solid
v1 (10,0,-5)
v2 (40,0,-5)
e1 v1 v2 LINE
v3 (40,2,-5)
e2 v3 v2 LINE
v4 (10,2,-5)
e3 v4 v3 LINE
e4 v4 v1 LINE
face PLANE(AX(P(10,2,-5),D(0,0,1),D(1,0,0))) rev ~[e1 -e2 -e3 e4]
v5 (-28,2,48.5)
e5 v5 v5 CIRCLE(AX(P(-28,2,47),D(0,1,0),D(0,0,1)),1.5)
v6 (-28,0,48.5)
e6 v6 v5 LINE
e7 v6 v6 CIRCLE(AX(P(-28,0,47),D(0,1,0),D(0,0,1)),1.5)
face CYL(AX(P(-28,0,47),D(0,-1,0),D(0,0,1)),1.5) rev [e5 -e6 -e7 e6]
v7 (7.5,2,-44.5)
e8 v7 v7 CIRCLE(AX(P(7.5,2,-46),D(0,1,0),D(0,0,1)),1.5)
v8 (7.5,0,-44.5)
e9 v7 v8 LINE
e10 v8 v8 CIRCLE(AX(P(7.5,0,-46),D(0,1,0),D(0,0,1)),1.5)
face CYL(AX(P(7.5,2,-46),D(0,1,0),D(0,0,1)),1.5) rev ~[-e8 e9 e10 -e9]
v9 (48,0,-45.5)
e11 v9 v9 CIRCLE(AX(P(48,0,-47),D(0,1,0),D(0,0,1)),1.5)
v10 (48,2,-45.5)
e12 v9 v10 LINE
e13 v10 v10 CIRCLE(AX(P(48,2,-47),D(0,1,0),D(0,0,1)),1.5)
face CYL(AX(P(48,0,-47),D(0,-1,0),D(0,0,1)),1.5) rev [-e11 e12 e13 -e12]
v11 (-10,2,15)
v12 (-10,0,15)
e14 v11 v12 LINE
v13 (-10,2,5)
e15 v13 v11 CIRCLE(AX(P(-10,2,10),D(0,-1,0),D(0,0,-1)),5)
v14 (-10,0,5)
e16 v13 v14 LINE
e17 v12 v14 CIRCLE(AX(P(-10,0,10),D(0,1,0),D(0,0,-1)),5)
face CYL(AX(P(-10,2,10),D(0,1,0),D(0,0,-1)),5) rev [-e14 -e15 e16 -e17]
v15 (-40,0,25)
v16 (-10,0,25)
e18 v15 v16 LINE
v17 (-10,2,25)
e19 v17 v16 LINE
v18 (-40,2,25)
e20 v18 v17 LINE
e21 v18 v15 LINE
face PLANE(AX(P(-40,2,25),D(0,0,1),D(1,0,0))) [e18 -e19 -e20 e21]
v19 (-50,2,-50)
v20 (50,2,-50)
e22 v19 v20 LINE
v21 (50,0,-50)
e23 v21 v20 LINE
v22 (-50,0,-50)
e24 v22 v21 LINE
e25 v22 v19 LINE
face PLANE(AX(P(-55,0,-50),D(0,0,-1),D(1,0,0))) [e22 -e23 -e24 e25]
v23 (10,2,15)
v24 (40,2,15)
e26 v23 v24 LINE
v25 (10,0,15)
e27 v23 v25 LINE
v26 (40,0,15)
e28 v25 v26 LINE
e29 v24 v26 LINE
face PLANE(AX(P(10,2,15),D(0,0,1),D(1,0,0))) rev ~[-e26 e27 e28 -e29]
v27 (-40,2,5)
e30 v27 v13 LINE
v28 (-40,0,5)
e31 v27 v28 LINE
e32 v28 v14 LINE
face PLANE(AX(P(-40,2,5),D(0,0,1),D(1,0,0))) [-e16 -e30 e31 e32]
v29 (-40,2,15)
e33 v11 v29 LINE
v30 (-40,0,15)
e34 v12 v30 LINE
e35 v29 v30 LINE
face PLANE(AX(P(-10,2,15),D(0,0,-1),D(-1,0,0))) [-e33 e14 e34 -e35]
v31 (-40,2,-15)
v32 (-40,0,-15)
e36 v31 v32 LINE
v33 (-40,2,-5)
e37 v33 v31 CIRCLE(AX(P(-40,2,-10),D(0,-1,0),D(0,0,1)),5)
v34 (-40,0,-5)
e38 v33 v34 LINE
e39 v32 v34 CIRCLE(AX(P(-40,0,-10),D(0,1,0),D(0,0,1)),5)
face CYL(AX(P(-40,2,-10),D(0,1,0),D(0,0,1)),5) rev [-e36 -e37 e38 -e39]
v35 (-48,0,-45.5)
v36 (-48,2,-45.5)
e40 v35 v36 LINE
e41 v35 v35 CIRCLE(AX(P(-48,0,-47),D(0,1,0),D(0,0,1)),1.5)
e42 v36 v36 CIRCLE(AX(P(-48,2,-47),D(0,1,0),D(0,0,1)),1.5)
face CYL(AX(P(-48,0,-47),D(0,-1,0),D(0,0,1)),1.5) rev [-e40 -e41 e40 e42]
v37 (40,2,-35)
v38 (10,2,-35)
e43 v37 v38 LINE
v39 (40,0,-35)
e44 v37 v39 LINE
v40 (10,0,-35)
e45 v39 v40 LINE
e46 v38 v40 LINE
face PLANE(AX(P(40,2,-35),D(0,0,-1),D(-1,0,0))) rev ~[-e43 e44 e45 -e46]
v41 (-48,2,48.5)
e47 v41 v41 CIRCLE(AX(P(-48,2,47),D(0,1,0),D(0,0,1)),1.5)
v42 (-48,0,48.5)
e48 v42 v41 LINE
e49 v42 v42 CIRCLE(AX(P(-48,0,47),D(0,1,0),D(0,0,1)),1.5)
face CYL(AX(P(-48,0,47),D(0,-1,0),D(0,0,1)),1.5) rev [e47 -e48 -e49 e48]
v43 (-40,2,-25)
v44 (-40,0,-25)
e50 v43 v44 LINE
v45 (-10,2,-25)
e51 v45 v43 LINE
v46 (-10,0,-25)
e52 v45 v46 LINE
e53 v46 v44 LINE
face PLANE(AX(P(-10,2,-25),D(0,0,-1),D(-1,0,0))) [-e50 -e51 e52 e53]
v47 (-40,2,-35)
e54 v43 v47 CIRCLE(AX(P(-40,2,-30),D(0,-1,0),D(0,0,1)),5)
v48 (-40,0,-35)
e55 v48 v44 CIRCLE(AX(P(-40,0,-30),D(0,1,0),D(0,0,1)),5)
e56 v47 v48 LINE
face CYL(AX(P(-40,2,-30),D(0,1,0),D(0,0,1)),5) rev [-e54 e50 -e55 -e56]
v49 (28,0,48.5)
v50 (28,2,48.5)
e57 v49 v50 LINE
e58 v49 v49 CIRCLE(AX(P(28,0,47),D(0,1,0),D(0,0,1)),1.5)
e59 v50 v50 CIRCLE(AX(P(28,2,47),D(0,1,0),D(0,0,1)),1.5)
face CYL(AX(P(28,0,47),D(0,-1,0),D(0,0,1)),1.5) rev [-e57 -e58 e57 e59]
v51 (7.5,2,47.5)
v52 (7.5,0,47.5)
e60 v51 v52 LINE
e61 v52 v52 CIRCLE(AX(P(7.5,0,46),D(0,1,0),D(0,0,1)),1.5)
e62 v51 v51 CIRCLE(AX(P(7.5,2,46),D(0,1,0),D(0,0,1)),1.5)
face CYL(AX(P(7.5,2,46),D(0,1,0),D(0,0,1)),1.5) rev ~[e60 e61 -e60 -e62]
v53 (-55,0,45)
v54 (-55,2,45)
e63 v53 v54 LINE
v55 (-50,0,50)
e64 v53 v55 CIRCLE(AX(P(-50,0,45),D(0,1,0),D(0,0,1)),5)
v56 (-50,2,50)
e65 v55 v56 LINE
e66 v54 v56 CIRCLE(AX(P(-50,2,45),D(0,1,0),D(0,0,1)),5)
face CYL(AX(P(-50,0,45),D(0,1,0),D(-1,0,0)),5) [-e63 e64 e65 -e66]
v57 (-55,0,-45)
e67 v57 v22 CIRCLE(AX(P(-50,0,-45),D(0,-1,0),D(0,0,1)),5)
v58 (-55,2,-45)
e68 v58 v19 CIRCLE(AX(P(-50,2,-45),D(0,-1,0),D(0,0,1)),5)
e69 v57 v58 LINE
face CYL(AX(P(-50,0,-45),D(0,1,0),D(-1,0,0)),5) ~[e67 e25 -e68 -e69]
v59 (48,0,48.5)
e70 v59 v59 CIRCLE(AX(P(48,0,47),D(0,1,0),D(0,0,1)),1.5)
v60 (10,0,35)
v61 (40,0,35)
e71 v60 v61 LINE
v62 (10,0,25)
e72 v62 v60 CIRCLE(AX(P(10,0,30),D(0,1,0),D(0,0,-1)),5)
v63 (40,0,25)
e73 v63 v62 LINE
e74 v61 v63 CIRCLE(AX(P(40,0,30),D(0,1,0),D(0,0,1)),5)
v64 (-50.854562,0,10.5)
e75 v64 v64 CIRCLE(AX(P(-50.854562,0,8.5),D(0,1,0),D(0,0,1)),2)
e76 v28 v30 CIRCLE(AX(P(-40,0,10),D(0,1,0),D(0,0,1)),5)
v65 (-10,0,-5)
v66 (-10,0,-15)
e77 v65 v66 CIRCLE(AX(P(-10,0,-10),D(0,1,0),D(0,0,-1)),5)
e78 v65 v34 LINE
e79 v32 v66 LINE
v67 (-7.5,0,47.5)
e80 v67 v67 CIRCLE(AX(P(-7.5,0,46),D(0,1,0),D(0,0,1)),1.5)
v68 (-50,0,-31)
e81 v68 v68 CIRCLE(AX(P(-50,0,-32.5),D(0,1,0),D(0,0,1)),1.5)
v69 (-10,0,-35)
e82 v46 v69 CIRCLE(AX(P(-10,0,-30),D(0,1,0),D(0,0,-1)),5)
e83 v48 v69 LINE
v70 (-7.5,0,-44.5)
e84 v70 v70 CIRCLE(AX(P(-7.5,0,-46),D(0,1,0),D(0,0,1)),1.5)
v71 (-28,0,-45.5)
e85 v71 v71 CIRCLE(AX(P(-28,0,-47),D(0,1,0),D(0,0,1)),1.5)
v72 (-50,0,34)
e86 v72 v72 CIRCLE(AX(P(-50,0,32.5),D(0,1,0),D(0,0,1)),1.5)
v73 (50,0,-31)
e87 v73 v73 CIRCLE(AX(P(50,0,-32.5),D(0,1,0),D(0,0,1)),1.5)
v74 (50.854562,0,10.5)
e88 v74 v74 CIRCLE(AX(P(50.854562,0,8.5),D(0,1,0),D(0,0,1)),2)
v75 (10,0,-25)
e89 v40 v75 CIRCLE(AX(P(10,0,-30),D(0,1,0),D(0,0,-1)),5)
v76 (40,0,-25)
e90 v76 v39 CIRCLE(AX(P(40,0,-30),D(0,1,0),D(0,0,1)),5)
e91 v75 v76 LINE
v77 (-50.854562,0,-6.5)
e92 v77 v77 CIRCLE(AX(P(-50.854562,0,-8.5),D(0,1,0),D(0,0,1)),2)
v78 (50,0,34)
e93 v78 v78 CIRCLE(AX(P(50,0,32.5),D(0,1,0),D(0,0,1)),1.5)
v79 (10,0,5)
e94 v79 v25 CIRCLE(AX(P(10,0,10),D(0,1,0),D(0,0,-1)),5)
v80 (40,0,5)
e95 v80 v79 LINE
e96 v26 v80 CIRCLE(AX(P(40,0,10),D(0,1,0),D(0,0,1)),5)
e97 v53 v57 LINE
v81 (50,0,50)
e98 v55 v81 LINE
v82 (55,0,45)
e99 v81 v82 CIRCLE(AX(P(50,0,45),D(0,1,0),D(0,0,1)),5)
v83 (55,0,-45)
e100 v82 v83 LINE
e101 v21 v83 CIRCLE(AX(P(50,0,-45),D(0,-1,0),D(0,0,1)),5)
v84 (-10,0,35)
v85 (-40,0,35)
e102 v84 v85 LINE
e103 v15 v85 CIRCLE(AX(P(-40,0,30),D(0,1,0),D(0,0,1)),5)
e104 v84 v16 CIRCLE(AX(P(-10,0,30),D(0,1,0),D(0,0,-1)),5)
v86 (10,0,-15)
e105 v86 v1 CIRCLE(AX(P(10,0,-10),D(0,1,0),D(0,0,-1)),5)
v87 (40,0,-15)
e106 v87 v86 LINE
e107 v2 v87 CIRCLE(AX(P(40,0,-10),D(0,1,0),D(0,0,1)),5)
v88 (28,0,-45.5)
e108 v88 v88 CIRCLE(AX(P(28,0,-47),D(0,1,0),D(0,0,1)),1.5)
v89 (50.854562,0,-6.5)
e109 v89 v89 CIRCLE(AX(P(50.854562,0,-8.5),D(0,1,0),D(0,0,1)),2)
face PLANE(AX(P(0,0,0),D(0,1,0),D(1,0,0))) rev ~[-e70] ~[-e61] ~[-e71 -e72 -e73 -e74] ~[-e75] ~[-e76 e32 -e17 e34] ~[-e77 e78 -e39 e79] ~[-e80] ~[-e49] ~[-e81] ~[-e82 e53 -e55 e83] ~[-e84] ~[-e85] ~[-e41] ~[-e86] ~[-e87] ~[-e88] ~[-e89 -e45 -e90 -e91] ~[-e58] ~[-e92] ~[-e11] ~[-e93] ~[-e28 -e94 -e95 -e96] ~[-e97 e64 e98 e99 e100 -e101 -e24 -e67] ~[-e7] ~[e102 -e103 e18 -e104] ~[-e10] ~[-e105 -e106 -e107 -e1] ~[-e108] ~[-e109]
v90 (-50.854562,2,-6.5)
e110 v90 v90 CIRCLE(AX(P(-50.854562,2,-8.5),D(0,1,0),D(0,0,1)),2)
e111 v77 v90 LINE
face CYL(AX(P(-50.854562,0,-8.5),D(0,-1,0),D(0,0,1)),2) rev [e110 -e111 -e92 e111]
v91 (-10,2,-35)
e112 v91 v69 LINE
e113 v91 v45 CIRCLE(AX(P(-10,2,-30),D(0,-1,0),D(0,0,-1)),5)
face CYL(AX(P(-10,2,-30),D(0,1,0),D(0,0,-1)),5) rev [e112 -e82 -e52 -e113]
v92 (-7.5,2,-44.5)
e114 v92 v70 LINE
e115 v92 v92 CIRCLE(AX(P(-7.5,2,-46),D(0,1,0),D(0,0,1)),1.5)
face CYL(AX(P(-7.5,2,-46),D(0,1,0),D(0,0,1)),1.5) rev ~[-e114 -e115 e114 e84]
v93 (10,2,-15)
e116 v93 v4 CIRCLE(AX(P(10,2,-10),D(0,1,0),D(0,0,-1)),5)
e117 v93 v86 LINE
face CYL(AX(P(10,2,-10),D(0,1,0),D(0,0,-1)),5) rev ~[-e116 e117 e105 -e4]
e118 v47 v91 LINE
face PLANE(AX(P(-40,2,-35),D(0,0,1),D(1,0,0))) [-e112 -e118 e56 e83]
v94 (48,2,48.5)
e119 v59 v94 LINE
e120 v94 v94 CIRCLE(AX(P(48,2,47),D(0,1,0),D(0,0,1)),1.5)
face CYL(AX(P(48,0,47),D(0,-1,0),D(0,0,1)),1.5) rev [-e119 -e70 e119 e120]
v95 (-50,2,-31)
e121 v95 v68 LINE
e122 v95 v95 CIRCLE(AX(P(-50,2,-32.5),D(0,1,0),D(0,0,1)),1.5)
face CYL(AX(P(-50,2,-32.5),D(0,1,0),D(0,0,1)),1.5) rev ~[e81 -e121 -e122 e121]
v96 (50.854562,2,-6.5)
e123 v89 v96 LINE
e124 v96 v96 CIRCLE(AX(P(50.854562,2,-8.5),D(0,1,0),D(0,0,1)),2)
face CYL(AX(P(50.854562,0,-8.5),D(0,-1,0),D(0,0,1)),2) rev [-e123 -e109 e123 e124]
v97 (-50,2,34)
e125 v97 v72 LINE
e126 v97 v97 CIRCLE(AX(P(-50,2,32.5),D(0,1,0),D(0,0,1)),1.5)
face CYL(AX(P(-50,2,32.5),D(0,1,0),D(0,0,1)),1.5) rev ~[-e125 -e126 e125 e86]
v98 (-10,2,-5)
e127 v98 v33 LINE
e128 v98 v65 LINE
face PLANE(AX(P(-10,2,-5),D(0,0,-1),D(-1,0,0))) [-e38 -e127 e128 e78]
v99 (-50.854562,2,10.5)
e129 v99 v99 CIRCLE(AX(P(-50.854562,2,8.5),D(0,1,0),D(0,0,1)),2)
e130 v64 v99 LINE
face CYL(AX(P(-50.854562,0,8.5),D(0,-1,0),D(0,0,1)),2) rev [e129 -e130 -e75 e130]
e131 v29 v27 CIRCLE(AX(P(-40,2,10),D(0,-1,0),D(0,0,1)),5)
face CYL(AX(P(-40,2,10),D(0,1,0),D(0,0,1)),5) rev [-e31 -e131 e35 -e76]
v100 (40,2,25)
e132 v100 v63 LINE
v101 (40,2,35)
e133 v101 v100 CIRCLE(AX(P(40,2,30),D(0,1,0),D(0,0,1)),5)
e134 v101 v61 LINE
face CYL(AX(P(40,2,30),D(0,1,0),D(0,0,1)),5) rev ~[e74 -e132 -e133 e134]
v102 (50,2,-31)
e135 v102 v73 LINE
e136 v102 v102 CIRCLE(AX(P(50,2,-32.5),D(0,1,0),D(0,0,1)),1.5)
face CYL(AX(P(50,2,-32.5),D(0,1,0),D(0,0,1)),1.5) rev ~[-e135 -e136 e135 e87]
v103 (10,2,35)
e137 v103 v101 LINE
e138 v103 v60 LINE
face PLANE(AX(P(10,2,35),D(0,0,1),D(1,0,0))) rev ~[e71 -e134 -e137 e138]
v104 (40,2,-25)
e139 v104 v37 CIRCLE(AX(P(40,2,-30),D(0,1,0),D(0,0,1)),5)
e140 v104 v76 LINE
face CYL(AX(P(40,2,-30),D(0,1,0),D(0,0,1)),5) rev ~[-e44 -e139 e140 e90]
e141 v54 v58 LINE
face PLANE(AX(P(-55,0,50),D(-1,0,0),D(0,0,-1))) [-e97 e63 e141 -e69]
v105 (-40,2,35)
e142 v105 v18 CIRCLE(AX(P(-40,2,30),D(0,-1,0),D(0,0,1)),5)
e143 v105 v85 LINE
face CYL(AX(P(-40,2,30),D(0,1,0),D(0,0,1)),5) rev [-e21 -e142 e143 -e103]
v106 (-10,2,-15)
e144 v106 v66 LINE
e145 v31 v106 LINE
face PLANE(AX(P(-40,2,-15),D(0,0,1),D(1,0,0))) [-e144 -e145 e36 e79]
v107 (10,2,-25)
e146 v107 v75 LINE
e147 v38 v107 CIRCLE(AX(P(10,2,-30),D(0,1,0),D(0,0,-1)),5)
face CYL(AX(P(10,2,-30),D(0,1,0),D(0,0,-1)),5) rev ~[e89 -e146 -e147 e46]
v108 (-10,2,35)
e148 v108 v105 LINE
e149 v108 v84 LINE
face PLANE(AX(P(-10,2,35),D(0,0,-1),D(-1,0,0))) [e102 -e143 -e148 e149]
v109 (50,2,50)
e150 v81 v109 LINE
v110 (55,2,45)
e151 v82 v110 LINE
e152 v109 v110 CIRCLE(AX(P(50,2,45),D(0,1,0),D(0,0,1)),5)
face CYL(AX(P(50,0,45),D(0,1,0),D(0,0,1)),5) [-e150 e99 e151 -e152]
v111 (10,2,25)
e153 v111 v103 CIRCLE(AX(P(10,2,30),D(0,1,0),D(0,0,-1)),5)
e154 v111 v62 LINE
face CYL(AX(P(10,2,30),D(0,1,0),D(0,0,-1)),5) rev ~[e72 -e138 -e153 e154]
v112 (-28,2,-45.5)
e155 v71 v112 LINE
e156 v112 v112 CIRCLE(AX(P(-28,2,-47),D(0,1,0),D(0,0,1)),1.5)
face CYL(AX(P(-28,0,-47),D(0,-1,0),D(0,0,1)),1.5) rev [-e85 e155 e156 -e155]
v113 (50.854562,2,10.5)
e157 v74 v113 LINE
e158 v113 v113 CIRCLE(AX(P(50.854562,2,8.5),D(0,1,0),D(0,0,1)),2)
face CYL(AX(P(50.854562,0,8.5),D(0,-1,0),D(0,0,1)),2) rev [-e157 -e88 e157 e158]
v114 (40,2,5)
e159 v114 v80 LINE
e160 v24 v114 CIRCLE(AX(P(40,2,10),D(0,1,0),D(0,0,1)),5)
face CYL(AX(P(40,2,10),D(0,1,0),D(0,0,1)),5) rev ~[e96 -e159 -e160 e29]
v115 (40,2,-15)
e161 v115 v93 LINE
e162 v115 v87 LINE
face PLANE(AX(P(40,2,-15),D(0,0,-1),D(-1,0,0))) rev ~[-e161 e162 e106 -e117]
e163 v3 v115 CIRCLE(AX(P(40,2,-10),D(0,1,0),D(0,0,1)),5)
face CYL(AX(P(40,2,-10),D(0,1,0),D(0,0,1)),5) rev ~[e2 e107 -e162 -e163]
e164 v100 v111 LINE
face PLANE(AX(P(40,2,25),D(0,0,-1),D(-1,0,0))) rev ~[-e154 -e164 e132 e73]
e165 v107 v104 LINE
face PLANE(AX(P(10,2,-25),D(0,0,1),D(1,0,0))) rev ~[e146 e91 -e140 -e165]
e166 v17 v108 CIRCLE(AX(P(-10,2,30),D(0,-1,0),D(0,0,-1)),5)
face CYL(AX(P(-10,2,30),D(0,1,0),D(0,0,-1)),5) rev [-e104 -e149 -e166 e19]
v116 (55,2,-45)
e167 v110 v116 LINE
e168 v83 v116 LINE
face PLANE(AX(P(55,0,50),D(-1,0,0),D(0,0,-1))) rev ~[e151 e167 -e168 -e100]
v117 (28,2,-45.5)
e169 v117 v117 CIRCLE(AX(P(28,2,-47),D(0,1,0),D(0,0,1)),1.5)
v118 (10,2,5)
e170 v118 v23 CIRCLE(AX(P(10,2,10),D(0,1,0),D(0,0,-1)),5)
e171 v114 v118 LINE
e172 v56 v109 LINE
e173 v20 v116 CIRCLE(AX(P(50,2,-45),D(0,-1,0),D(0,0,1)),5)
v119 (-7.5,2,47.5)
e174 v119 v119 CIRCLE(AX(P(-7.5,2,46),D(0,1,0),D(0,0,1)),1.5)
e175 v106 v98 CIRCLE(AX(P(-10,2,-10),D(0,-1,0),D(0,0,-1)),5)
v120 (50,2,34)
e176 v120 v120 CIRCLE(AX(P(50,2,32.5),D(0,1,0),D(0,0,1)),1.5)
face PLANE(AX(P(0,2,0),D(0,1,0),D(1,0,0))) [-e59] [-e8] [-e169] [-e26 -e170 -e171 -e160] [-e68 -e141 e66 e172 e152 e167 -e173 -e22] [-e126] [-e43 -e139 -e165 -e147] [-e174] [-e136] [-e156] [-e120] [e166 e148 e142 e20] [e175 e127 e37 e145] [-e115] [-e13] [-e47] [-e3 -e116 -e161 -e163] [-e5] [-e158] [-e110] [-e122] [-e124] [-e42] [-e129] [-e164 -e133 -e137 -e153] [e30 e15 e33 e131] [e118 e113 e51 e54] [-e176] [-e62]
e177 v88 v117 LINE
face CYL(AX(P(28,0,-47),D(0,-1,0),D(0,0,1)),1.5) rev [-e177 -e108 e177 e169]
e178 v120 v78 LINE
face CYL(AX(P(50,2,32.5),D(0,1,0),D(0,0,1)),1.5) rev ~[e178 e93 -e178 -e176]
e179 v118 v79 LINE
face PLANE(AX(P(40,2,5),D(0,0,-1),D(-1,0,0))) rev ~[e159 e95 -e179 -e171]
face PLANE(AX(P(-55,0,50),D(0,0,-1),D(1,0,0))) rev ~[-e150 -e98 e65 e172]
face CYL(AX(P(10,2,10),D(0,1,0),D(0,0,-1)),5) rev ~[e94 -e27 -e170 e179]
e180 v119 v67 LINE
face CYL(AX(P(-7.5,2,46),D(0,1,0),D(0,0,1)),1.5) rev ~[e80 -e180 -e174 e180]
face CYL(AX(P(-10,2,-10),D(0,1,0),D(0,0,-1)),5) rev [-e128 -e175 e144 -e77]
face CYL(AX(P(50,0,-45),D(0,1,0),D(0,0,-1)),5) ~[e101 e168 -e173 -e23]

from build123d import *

# Parameters (mm, degrees)
SKETCH_1_W             = 110
SKETCH_1_H             = 100
SKETCH_1_R             = 1.5
SKETCH_1_R_2           = 2
EXTRUDE_1_DEPTH        = 2
FILLET_1_R             = 5
CUT_EXTRUDE_1903_DEPTH = 10
SKETCH_3_R             = 1.5
CUT_EXTRUDE_2113_DEPTH = 10
SKETCH_4_R             = 1.5
CUT_EXTRUDE_2323_DEPTH = 10


with BuildPart() as part:
    # 草图1 → 凸台-拉伸1 (new body)
    with BuildSketch(Plane(origin=(0, 0, 0), x_dir=(1, 0, 0), z_dir=(0, 1, 0))):
        Rectangle(SKETCH_1_W, SKETCH_1_H)
        with Locations(Location((-48, -47, 0), (0, 0, 270))):
            Circle(SKETCH_1_R, mode=Mode.SUBTRACT)
        with Locations(Location((-28, -47, 0), (0, 0, 270))):
            Circle(SKETCH_1_R, mode=Mode.SUBTRACT)
        with Locations(Location((-50.854561817, 8.5, 0), (0, 0, 270))):
            Circle(SKETCH_1_R_2, mode=Mode.SUBTRACT)
        with Locations(Location((-50.854561817, -8.5, 0), (0, 0, 270))):
            Circle(SKETCH_1_R_2, mode=Mode.SUBTRACT)
        with Locations(Location((-28, 47, 0), (0, 0, 270))):
            Circle(SKETCH_1_R, mode=Mode.SUBTRACT)
        with Locations(Location((-48, 47, 0), (0, 0, 270))):
            Circle(SKETCH_1_R, mode=Mode.SUBTRACT)
        with Locations(Location((28, -47, 0), (0, 0, 270))):
            Circle(SKETCH_1_R, mode=Mode.SUBTRACT)
        with Locations(Location((48, -47, 0), (0, 0, 270))):
            Circle(SKETCH_1_R, mode=Mode.SUBTRACT)
        with Locations(Location((48, 47, 0), (0, 0, 270))):
            Circle(SKETCH_1_R, mode=Mode.SUBTRACT)
        with Locations(Location((28, 47, 0), (0, 0, 270))):
            Circle(SKETCH_1_R, mode=Mode.SUBTRACT)
        with Locations(Location((50.854561817, -8.5, 0), (0, 0, 270))):
            Circle(SKETCH_1_R_2, mode=Mode.SUBTRACT)
        with Locations(Location((50.854561817, 8.5, 0), (0, 0, 270))):
            Circle(SKETCH_1_R_2, mode=Mode.SUBTRACT)
    extrude(amount=EXTRUDE_1_DEPTH)

    # 圆角1
    fillet_1_edges = [part.edges().sort_by_distance(p)[0] for p in [
        (55, 1, -50),
        (55, 1, 50),
        (-55, 1, 50),
        (-55, 1, -50),
    ]]
    fillet(fillet_1_edges, radius=FILLET_1_R)

    # 草图2 → Cut-Extrude 1903 (cut)
    with BuildSketch(Plane(origin=(0, 2, 0), x_dir=(1, 0, 0), z_dir=(0, 1, 0))):
        with BuildLine():
            Line((-40, 35), (-10, 35))
            ThreePointArc((-10, 35), (-5, 30), (-10, 25))
            Line((-10, 25), (-40, 25))
            ThreePointArc((-40, 25), (-45, 30), (-40, 35))
        make_face()
        with BuildLine():
            Line((-40, 15), (-10, 15))
            ThreePointArc((-10, 15), (-5, 10), (-10, 5))
            Line((-10, 5), (-40, 5))
            ThreePointArc((-40, 5), (-45, 10), (-40, 15))
        make_face()
        with BuildLine():
            Line((-40, -5), (-10, -5))
            ThreePointArc((-10, -5), (-5, -10), (-10, -15))
            Line((-10, -15), (-40, -15))
            ThreePointArc((-40, -15), (-45, -10), (-40, -5))
        make_face()
        with BuildLine():
            Line((-40, -25), (-10, -25))
            ThreePointArc((-10, -25), (-5, -30), (-10, -35))
            Line((-10, -35), (-40, -35))
            ThreePointArc((-40, -35), (-45, -30), (-40, -25))
        make_face()
        with BuildLine():
            Line((40, 35), (10, 35))
            ThreePointArc((10, 35), (5, 30), (10, 25))
            Line((10, 25), (40, 25))
            ThreePointArc((40, 25), (45, 30), (40, 35))
        make_face()
        with BuildLine():
            Line((40, 15), (10, 15))
            ThreePointArc((10, 15), (5, 10), (10, 5))
            Line((10, 5), (40, 5))
            ThreePointArc((40, 5), (45, 10), (40, 15))
        make_face()
        with BuildLine():
            Line((40, -5), (10, -5))
            ThreePointArc((10, -5), (5, -10), (10, -15))
            Line((10, -15), (40, -15))
            ThreePointArc((40, -15), (45, -10), (40, -5))
        make_face()
        with BuildLine():
            Line((40, -25), (10, -25))
            ThreePointArc((10, -25), (5, -30), (10, -35))
            Line((10, -35), (40, -35))
            ThreePointArc((40, -35), (45, -30), (40, -25))
        make_face()
    extrude(amount=-CUT_EXTRUDE_1903_DEPTH, mode=Mode.SUBTRACT)

    # 草图3 → Cut-Extrude 2113 (cut)
    with BuildSketch(Plane(origin=(0, 2, 0), x_dir=(1, 0, 0), z_dir=(0, 1, 0))):
        with Locations(Location((-7.5, 46, 0), (0, 0, 270))):
            Circle(SKETCH_3_R)
        with Locations(Location((7.5, 46, 0), (0, 0, 270))):
            Circle(SKETCH_3_R)
        with Locations(Location((-7.5, -46, 0), (0, 0, 270))):
            Circle(SKETCH_3_R)
        with Locations(Location((7.5, -46, 0), (0, 0, 270))):
            Circle(SKETCH_3_R)
    extrude(amount=-CUT_EXTRUDE_2113_DEPTH, mode=Mode.SUBTRACT)

    # 草图4 → Cut-Extrude 2323 (cut)
    with BuildSketch(Plane(origin=(0, 2, 0), x_dir=(1, 0, 0), z_dir=(0, 1, 0))):
        with Locations(Location((-50, -32.5, 0), (0, 0, 270))):
            Circle(SKETCH_4_R)
        with Locations(Location((50, -32.5, 0), (0, 0, 270))):
            Circle(SKETCH_4_R)
        with Locations(Location((50, 32.5, 0), (0, 0, 270))):
            Circle(SKETCH_4_R)
        with Locations(Location((-50, 32.5, 0), (0, 0, 270))):
            Circle(SKETCH_4_R)
    extrude(amount=-CUT_EXTRUDE_2323_DEPTH, mode=Mode.SUBTRACT)


solid = part.part
